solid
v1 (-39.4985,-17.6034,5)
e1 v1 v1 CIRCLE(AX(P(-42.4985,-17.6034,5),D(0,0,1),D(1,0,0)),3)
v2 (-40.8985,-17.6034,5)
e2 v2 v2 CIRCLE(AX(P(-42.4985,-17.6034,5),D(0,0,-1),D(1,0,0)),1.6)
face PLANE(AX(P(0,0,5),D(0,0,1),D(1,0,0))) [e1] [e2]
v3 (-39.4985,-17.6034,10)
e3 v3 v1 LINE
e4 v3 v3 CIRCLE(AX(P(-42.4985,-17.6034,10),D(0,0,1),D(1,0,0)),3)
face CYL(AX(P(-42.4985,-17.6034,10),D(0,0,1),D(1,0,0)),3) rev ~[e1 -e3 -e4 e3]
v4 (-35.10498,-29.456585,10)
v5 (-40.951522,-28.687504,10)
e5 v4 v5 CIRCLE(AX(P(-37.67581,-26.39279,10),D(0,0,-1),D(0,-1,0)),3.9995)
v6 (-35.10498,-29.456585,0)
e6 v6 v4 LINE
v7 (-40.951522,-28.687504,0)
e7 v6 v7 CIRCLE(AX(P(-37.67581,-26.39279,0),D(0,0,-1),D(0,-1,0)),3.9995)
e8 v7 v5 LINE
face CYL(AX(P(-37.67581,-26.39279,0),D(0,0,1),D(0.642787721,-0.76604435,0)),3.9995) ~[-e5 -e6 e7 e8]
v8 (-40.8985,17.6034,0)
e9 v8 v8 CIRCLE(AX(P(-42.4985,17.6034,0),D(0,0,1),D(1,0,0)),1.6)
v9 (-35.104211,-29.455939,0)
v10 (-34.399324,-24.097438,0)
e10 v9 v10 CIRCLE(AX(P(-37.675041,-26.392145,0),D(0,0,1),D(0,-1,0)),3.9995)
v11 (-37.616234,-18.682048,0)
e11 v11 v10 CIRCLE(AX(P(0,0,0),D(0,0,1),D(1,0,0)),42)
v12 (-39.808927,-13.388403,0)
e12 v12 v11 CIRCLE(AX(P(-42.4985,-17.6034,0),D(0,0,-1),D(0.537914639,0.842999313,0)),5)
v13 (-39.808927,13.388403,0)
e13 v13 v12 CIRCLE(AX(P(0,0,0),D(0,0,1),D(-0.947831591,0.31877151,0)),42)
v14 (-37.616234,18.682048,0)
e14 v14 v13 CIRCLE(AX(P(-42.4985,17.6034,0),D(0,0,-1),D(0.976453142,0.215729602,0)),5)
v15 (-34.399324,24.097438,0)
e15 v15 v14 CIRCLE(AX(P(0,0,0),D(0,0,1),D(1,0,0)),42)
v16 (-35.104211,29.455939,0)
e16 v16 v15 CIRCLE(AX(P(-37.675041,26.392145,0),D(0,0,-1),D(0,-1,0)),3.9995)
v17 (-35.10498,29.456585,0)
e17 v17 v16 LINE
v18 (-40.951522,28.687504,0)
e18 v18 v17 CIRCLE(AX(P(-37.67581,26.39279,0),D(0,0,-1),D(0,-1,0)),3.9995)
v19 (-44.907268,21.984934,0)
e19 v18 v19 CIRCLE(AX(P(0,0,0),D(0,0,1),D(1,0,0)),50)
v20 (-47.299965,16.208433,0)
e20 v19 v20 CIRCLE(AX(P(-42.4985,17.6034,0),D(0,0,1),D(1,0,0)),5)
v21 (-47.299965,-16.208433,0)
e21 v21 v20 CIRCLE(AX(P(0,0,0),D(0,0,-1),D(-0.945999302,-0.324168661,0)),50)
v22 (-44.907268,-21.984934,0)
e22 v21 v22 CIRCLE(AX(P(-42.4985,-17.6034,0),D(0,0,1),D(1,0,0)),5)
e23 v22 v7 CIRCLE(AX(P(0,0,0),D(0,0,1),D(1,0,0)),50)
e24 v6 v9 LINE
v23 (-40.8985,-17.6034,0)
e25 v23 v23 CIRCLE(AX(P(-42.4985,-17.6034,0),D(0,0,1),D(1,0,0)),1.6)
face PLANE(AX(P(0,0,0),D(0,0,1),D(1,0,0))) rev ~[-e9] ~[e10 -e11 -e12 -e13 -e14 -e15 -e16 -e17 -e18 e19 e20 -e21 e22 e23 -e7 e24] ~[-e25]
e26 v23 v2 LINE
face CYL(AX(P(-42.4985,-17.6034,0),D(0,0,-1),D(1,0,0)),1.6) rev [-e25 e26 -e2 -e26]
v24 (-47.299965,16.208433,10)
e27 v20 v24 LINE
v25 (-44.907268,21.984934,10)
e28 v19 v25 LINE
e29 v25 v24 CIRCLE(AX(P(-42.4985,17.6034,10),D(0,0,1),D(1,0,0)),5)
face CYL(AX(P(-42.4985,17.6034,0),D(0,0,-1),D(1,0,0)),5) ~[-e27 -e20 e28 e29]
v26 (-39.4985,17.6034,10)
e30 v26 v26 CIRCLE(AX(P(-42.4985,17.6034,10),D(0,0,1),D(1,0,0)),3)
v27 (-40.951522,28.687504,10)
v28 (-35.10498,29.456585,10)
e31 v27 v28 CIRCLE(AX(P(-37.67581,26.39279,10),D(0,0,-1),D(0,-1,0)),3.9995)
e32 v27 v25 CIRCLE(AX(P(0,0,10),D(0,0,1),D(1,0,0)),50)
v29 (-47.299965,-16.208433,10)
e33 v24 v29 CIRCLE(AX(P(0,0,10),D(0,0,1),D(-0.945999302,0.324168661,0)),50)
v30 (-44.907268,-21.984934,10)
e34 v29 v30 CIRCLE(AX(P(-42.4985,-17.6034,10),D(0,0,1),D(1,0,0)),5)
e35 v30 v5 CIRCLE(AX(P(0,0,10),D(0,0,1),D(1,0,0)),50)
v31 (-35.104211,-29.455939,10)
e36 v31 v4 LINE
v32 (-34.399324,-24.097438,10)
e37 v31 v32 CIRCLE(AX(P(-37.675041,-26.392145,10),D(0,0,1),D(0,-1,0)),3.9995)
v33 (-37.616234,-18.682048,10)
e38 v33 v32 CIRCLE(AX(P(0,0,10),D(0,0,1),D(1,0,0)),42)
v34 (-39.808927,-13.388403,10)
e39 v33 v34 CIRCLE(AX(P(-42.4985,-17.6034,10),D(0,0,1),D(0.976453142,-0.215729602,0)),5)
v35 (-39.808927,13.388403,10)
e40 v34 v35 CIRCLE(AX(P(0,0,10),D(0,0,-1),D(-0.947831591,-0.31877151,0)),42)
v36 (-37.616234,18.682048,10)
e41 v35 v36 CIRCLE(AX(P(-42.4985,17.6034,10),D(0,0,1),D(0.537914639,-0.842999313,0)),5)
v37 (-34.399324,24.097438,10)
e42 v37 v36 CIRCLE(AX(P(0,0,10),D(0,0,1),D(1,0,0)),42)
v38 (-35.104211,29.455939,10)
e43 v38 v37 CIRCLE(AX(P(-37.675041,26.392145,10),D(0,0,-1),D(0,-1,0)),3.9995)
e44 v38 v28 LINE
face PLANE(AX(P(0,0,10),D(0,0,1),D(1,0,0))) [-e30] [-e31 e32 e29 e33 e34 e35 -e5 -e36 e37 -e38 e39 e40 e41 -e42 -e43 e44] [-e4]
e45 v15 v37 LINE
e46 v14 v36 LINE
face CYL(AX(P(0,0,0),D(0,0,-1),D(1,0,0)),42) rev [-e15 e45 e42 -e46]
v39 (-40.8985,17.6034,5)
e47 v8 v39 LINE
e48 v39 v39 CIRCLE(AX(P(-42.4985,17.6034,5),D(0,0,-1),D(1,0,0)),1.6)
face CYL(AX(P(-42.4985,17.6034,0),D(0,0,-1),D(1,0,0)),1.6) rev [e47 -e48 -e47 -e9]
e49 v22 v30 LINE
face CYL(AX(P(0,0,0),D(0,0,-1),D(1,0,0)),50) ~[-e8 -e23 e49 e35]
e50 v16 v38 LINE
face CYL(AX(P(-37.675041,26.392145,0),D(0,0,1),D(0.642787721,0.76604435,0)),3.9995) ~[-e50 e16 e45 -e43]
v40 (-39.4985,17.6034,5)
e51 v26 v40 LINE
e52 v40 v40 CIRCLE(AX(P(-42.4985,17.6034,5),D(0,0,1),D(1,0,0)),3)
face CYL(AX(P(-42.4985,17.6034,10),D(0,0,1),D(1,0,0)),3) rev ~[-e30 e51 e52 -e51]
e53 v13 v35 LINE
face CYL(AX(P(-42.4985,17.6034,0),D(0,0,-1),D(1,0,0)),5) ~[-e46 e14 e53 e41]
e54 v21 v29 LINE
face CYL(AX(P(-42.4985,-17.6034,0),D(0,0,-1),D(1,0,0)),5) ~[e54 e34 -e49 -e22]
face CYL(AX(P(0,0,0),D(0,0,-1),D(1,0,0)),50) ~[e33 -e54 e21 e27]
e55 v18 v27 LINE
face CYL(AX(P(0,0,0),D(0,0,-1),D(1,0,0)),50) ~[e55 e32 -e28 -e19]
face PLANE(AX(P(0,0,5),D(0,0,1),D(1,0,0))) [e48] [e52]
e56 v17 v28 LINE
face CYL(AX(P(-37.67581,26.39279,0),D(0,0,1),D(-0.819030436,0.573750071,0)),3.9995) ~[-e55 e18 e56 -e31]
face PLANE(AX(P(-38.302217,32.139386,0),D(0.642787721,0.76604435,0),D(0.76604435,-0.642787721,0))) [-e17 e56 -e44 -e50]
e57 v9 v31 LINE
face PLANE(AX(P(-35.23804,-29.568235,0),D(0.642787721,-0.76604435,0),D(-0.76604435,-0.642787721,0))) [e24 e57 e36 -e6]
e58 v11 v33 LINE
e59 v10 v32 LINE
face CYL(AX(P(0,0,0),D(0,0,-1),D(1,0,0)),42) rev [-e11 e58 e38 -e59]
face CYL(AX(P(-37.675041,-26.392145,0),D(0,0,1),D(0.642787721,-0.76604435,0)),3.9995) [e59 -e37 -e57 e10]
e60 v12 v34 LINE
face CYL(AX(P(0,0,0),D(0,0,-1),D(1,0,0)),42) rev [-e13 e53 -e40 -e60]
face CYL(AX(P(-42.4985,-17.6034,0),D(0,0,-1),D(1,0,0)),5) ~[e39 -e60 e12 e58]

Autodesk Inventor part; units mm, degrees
ref_plane "YZ Plane" through (0, 0, 0) normal (1, 0, 0) x (0, 1, 0)
ref_plane "XZ Plane" through (0, 0, 0) normal (0, 1, 0) x (-1, 0, 0)
ref_plane "XY Plane" through (0, 0, 0) normal (0, 0, 1) x (1, 0, 0)
sketch "スケッチ1" plane through (0, 0, 0) normal (0, 0, 1) x (1, 0, 0)
  circle A0 centre (0, 0) radius 46
  circle A1 centre (0, 0) radius 50
  circle A2 centre (0, 0) radius 42
  line L0 (0, 0) -> (0, 54.8528)
  line L1 (0, 0) -> (-20.7697, 50.1426)
  circle A3 centre (-17.6034, 42.4985) radius 1.6
  circle A4 centre (-42.4985, 17.6034) radius 1.6
  circle A5 centre (-42.4985, -17.6034) radius 1.6
  circle A6 centre (-17.6034, -42.4985) radius 1.6
  circle A7 centre (17.6034, -42.4985) radius 1.6
  circle A8 centre (42.4985, -17.6034) radius 1.6
  circle A9 centre (42.4985, 17.6034) radius 1.6
  circle A10 centre (17.6034, 42.4985) radius 1.6
  line L2 (0, 0) -> (-55.1659, -46.2897)
  line L3 (-55.1659, -46.2897) -> (-55.1659, 46.2897)
  line L4 (-55.1659, 46.2897) -> (0, 0)
  line L5 (0, 0) -> (-76.7662, 0)
  circle A11 centre (-42.4985, 17.6034) radius 5
  circle A12 centre (-42.4985, -17.6034) radius 5
  point P0 (-32.1739, -26.9971)
  point P1 (-32.1739, 26.9971)
  point P2 (-38.3022, 32.1394)
  point P3 (-38.3022, -32.1394)
  point P4 (-44.9073, -21.985)
  point P5 (-47.2999, -16.2085)
  point P6 (-39.8089, -13.3884)
  point P7 (-37.6162, -18.6821)
  point P8 (-39.8089, 13.3884)
  point P9 (-37.6162, 18.6821)
  point P10 (-47.2999, 16.2085)
  point P11 (-44.9073, 21.985)
  dimension "d0" = 92
  dimension "d1" = 100
  dimension "d2" = 84
  dimension "d3" = 22.5
  dimension "d4" = 3.2
  dimension "d7" = 360
  dimension "d9" = 80
  dimension "d10" = 40
  dimension "d18" = 10
  dimension "d19" = 10
extrude "押し出し1" add sketch "スケッチ1" along normal blind 10 contours L2 A1 A12 A0 | A0 A12 A2 L2 | A2 A11 A0 L4 | L5 A0 A11 A2 | A2 A12 A0 L5 | L4 A0 A11 A1 | A12 A1 A0 A5 | A0 A5 A12 A2 | A2 A12 | A11 A2 | A2 A11 A0 A4 | L5 A1 A11 A0 | A0 A12 A1 L5 | A12 A1 | A11 A0 A4 A1 | A1 A11
fillet "フィレット1" radius 4 4 edges at (-32.1739, -26.9971, 5) (-38.3022, -32.1394, 5) (-38.3022, 32.1394, 5) (-32.1739, 26.9971, 5)
sketch "スケッチ2" plane through (0, 0, 10) normal (0, 0, 1) x (1, 0, 0)
  circle A0 centre (-42.4985, -17.6034) radius 1.6 projected
  circle A1 centre (-42.4985, -17.6034) radius 3
  circle A2 centre (-42.4985, 17.6034) radius 1.6 projected
  circle A3 centre (-42.4985, 17.6034) radius 3
  point P0 (0, 0)
  dimension "d14" = 6
  dimension "d15" = 6
extrude "押し出し2" cut sketch "スケッチ2" against normal blind 5 contours A0 | A1 | A2 | A3
equation "\"d10\" = 0.5 * d9"
properties part number "RP_Hip-Link-Limit-short" material "ABS プラスチック"
